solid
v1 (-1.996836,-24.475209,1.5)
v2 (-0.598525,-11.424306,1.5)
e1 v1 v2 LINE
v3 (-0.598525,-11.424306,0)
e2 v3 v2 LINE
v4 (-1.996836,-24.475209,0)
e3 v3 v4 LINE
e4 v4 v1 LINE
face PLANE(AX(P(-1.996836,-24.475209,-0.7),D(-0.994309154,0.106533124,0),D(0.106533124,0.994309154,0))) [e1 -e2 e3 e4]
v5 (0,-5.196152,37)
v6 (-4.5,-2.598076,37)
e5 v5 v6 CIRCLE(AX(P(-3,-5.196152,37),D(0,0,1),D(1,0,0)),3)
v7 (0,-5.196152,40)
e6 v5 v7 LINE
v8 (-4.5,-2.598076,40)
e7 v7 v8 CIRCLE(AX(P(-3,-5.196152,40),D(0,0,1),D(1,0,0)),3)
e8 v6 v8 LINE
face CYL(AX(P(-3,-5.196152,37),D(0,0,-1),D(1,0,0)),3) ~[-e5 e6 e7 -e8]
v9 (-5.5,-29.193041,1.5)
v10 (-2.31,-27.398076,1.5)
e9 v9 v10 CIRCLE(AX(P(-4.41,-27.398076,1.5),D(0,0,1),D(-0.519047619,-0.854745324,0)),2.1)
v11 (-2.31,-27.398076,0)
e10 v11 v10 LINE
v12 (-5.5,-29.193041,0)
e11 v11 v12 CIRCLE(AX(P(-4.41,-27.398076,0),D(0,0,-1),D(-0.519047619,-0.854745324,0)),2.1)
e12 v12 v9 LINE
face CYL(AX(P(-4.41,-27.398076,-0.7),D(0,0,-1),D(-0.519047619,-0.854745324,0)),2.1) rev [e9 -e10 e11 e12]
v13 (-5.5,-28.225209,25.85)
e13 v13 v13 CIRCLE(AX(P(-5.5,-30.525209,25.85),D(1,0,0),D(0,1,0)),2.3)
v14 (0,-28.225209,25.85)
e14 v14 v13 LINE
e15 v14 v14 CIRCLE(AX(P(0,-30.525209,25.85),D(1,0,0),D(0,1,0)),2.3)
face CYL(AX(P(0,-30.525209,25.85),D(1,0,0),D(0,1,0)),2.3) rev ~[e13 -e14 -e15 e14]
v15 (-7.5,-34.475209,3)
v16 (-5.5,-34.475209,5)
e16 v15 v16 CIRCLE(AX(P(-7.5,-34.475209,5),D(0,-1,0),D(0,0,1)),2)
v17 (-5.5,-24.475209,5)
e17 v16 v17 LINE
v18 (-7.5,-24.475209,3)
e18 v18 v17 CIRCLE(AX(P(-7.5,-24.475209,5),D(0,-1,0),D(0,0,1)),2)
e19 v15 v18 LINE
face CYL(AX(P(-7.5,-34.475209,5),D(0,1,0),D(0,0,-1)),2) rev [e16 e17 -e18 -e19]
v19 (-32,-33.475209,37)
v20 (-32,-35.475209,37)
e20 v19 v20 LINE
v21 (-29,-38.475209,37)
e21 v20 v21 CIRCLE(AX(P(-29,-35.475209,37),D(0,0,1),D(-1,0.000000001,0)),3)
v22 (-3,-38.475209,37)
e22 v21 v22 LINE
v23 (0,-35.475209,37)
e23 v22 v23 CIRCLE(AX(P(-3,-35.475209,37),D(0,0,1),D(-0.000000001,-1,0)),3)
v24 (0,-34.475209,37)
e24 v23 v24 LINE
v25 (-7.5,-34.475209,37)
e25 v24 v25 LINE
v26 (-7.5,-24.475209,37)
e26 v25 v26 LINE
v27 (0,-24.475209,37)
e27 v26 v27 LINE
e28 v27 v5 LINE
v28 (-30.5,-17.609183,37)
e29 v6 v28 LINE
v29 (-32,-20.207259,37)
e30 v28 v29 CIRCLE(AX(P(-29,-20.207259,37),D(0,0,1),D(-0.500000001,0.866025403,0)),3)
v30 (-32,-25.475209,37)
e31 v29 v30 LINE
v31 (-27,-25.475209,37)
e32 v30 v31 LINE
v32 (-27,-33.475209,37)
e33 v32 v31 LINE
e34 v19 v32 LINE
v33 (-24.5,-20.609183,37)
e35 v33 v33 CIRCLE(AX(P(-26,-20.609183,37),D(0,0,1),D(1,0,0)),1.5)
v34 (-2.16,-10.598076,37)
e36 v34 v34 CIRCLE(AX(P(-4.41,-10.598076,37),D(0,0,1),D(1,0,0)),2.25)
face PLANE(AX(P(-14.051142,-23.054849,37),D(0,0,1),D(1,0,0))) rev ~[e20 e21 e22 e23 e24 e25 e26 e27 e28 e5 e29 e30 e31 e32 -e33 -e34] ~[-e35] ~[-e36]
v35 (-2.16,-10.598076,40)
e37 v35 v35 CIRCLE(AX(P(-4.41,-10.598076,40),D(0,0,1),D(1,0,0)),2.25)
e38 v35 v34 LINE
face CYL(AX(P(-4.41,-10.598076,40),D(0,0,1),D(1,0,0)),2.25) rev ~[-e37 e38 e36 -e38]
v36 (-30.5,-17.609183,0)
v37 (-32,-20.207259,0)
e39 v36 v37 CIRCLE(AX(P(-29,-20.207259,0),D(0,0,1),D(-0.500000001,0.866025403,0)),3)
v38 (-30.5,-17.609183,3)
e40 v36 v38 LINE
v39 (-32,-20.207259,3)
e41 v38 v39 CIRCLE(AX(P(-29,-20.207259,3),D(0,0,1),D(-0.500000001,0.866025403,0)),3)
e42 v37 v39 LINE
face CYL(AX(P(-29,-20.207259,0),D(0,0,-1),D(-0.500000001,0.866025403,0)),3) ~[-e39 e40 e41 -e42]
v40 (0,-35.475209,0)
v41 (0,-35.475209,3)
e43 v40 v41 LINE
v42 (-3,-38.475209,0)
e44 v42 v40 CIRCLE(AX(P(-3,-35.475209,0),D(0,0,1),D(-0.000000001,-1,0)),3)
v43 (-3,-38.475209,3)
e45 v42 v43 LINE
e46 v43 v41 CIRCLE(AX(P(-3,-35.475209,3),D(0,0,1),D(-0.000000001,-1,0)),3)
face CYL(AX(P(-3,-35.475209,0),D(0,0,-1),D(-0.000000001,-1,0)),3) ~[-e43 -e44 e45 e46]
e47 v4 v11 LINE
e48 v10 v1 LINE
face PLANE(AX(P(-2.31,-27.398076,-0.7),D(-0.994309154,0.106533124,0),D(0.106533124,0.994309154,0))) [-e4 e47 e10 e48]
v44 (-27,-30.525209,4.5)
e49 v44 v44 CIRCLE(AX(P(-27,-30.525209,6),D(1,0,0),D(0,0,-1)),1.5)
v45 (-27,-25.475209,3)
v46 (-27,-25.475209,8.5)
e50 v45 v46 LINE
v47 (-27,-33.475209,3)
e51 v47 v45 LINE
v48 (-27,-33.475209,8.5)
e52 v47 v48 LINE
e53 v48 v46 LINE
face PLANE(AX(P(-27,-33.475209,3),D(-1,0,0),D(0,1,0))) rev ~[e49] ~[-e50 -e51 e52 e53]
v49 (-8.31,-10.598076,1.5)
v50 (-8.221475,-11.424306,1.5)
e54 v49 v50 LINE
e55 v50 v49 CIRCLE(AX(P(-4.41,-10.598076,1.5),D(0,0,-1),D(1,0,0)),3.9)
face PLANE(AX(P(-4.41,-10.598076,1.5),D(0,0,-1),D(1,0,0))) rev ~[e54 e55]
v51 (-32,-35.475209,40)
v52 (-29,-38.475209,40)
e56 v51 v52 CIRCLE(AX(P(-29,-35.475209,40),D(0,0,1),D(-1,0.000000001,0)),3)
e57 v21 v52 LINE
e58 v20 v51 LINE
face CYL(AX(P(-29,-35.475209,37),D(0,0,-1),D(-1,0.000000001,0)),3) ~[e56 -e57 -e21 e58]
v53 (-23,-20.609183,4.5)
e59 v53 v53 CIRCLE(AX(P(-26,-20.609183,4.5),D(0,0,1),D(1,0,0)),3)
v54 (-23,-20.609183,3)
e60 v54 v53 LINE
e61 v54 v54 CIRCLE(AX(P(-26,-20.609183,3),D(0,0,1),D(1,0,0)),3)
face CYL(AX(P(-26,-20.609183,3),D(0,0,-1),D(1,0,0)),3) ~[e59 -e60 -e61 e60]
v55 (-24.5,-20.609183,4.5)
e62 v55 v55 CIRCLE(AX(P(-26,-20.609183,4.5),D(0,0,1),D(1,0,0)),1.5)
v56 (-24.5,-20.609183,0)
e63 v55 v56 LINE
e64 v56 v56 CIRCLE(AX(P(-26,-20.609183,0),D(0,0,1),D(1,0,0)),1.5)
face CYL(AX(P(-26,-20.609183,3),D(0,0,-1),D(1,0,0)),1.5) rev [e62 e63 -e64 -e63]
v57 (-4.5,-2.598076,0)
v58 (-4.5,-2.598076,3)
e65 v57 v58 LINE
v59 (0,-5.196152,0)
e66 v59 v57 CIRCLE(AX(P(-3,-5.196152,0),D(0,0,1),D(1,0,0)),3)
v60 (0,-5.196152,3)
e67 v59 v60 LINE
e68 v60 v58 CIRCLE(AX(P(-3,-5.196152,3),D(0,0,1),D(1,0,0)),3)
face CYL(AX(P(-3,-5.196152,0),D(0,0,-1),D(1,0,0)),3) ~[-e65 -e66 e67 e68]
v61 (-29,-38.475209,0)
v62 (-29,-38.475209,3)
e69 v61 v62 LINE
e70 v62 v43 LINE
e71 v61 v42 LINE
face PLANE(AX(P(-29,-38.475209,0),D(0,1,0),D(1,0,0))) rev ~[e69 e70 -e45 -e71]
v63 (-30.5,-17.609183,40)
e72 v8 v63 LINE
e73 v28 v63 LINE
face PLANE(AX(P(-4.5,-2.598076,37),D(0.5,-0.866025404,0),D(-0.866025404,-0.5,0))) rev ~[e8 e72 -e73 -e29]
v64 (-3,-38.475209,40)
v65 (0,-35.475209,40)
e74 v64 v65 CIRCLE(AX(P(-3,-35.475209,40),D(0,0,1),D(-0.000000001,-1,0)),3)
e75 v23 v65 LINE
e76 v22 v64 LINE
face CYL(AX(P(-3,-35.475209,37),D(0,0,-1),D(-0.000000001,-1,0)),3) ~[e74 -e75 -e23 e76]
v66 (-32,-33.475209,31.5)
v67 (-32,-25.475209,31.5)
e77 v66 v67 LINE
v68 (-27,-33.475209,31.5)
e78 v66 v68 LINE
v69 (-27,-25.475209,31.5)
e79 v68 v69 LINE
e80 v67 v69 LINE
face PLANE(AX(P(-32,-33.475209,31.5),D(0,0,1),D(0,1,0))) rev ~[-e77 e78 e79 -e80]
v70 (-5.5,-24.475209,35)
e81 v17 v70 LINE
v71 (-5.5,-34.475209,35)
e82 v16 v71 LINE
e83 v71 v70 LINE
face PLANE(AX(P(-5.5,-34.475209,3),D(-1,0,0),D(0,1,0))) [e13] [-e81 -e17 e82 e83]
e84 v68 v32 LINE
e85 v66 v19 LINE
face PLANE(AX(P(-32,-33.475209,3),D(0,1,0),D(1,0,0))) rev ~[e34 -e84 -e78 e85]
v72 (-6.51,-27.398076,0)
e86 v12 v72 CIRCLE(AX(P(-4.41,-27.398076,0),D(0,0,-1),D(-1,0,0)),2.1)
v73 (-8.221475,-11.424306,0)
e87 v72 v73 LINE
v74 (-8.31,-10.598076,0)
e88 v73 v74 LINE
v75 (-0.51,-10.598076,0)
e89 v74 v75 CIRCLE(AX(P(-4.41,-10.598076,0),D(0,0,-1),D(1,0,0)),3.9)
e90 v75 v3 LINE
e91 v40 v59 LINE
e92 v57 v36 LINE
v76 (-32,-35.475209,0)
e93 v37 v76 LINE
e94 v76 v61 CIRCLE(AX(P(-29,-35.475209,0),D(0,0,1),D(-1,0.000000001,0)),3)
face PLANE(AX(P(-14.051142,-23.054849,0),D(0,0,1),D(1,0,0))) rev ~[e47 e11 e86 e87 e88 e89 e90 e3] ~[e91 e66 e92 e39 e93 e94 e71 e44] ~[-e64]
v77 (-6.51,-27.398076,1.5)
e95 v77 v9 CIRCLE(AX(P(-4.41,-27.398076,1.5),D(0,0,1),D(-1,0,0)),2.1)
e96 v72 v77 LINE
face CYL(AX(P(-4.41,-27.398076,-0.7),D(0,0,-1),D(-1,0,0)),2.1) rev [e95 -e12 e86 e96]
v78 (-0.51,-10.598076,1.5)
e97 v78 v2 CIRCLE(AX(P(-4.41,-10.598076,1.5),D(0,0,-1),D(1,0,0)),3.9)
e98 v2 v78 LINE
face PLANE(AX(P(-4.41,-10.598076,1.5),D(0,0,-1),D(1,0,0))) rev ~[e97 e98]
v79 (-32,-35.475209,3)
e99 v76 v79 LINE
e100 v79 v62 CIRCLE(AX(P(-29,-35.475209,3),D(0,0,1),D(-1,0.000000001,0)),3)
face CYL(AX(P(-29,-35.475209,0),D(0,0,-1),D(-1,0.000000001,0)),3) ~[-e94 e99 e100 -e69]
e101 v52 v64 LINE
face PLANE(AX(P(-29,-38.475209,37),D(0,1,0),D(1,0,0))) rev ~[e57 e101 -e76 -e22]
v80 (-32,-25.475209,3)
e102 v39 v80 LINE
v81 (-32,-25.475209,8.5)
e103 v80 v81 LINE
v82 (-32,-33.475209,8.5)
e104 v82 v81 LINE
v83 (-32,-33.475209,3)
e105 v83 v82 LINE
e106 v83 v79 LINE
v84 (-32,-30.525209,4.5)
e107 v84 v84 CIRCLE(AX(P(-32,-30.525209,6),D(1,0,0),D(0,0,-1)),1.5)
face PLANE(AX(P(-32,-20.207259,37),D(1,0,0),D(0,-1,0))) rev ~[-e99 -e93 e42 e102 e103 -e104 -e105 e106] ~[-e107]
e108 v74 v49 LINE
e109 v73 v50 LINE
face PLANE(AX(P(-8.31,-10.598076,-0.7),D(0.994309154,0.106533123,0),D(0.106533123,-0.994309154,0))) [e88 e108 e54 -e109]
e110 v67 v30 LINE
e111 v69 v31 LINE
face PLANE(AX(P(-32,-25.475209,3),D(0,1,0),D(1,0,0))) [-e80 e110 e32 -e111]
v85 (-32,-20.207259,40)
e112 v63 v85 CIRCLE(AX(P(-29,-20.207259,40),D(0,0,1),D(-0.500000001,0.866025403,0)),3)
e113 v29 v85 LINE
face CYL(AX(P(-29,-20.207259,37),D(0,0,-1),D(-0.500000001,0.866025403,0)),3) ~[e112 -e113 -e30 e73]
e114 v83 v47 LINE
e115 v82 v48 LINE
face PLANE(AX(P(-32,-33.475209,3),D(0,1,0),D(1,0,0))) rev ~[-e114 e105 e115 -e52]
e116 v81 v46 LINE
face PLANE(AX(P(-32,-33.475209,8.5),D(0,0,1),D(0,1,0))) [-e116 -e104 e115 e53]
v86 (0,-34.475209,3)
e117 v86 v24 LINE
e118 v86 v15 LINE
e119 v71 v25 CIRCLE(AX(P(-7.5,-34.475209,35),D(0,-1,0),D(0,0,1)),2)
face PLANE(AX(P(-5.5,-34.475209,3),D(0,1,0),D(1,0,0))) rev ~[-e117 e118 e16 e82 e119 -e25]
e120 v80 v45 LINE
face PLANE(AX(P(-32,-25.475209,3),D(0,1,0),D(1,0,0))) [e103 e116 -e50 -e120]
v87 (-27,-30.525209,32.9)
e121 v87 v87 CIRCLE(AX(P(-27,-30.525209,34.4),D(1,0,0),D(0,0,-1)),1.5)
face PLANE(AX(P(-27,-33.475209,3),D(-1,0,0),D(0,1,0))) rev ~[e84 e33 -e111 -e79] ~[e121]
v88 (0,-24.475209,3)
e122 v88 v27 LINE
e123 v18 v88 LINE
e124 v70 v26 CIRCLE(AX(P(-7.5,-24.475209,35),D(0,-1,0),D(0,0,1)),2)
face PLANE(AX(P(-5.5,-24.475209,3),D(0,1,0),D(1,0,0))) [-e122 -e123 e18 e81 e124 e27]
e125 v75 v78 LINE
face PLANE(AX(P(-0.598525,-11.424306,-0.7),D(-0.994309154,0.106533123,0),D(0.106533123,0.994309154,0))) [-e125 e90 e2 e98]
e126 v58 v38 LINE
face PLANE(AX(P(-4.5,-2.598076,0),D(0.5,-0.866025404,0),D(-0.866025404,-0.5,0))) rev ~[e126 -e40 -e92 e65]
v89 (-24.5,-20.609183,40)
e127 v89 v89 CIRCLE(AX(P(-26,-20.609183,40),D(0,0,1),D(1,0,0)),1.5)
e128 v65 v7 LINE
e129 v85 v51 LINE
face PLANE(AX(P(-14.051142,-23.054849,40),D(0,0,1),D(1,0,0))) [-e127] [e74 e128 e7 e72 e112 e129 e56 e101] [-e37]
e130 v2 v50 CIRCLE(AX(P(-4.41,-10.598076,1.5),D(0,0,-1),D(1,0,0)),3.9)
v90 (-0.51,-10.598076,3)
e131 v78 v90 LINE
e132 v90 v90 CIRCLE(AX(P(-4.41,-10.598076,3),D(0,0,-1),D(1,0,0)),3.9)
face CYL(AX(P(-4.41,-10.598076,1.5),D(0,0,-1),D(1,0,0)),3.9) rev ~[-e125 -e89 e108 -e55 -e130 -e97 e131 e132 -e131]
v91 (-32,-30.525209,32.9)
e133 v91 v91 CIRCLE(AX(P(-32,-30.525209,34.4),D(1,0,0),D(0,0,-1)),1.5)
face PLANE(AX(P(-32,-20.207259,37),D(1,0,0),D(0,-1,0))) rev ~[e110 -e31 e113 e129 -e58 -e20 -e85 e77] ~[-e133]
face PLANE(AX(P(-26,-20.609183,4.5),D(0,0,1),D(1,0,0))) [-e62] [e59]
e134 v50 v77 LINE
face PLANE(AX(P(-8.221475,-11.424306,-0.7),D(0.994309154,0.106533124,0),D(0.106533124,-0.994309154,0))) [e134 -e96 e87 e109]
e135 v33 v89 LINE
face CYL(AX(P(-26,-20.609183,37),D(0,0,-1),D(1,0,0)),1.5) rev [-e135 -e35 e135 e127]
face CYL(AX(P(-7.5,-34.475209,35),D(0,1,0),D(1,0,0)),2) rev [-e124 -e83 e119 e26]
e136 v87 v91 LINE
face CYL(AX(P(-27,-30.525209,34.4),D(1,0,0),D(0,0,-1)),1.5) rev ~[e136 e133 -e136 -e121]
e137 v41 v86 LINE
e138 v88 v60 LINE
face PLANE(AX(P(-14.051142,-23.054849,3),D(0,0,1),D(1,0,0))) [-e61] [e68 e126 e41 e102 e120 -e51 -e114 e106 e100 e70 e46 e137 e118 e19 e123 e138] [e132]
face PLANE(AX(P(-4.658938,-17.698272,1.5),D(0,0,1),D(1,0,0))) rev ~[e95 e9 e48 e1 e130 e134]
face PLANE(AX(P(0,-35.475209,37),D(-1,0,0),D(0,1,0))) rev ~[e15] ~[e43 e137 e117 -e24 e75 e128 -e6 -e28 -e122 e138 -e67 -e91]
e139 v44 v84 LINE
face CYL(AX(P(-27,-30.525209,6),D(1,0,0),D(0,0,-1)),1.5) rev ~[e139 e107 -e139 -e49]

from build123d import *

# Parameters (mm, degrees)
SKETCH1_R           = 1.5
BOSS_EXTRUDE1_DEPTH = 3
SKETCH2_W           = 5
SKETCH2_H           = 8
BOSS_EXTRUDE2_DEPTH = 34
LPATTERN1_COUNT     = 2
LPATTERN1_PITCH     = 37
SKETCH3_W           = 5.5
SKETCH3_H           = 10
BOSS_EXTRUDE4_DEPTH = 34
SKETCH5_W           = 23
SKETCH5_H           = 8
CUT_EXTRUDE1_DEPTH  = 10
CUT_EXTRUDE11_START = -3.7
SKETCH9_R           = 1.5
CUT_EXTRUDE11_DEPTH = 2.2
SKETCH11_R          = 3
SKETCH11_R_2        = 1.5
BOSS_EXTRUDE5_DEPTH = 1.5
SKETCH12_R          = 1.5
CUT_EXTRUDE13_DEPTH = 62.719864532
SKETCH14_R          = 3.9
CUT_EXTRUDE15_DEPTH = 10
SKETCH15_R          = 2.3
CUT_EXTRUDE16_DEPTH = 65.065136212
SKETCH16_R          = 2.25
CUT_EXTRUDE17_DEPTH = 65.065136212
FILLET1_R           = 2


with BuildPart() as part:
    # Sketch1 → Boss-Extrude1 (new body)
    with BuildSketch(Plane.XY):
        with BuildLine():
            Line((-4.5, -2.598076211), (-30.5, -17.60918321))
            ThreePointArc((-30.5, -17.60918321), (-31.598076211, -18.707259422), (-32, -20.207259422))
            Line((-32, -20.207259422), (-32, -35.475208614))
            ThreePointArc((-32, -35.475208614), (-31.121320344, -37.596528958), (-29, -38.475208614))
            Line((-29, -38.475208614), (-3, -38.475208614))
            ThreePointArc((-3, -38.475208614), (-0.878679656, -37.596528958), (0, -35.475208614))
            Line((0, -35.475208614), (0, -5.196152423))
            ThreePointArc((0, -5.196152423), (-1.5, -2.598076211), (-4.5, -2.598076211))
        make_face()
        with Locations((-26, -20.60918321)):
            Circle(SKETCH1_R, mode=Mode.SUBTRACT)
        with Locations((-4.41, -10.598076211)):
            Circle(SKETCH1_R, mode=Mode.SUBTRACT)
    boss_extrude1 = extrude(amount=BOSS_EXTRUDE1_DEPTH)

    # Sketch2 → Boss-Extrude2 (add)
    with BuildSketch(Plane.XY.offset(3)):
        with Locations((-29.5, -29.475208614)):
            Rectangle(SKETCH2_W, SKETCH2_H)
    extrude(amount=BOSS_EXTRUDE2_DEPTH)

    # LPattern1: Boss-Extrude1 ×2
    with Locations(*[(0, 0, i * LPATTERN1_PITCH) for i in range(1, LPATTERN1_COUNT)]):
        add(boss_extrude1)

    # Sketch3 → Boss-Extrude4 (add)
    with BuildSketch(Plane.XY.offset(3)):
        with Locations((-2.75, -29.475208614)):
            Rectangle(SKETCH3_W, SKETCH3_H)
    extrude(amount=BOSS_EXTRUDE4_DEPTH)

    # Sketch5 → Cut-Extrude1 (cut)
    with BuildSketch(Plane.ZY.offset(32)):
        with Locations((20, -29.475208614)):
            Rectangle(SKETCH5_W, SKETCH5_H)
    extrude(amount=-CUT_EXTRUDE1_DEPTH, mode=Mode.SUBTRACT)

    # Sketch9 → Cut-Extrude11 (cut)
    # profile 1 of 2: a face of its own
    with BuildSketch(Plane.XY.offset(3).offset(CUT_EXTRUDE11_START)):
        with BuildLine():
            Line((-8.22147541, -11.42430572), (-6.51, -27.398076211))
            ThreePointArc((-6.51, -27.398076211), (-6.240163927, -28.427882018), (-5.5, -29.193041392))
            Line((-5.5, -29.193041392), (-5.5, -24.475208614))
            Line((-5.5, -24.475208614), (-1.996835615, -24.475208614))
            Line((-1.996835615, -24.475208614), (-0.59852459, -11.42430572))
            Line((-0.59852459, -11.42430572), (-0.51, -10.598076211))
            ThreePointArc((-0.51, -10.598076211), (-4.41, -6.698076211), (-8.31, -10.598076211))
            Line((-8.31, -10.598076211), (-8.22147541, -11.42430572))
        make_face()
        with Locations((-4.41, -10.598076211)):
            Circle(SKETCH9_R, mode=Mode.SUBTRACT)
    # profile 2 of 2: a face of its own
    with BuildSketch(Plane.XY.offset(3).offset(CUT_EXTRUDE11_START)):
        with BuildLine():
            Line((-5.5, -24.475208614), (-5.5, -29.193041392))
            ThreePointArc((-5.5, -29.193041392), (-3.380194193, -29.228240138), (-2.31, -27.398076211))
            Line((-2.31, -27.398076211), (-1.996835615, -24.475208614))
            Line((-1.996835615, -24.475208614), (-5.5, -24.475208614))
        make_face()
    extrude(amount=CUT_EXTRUDE11_DEPTH, mode=Mode.SUBTRACT)

    # Sketch11 → Boss-Extrude5 (add)
    with BuildSketch(Plane.XY.offset(3)):
        with Locations((-26, -20.60918321)):
            Circle(SKETCH11_R)
        with Locations((-26, -20.60918321)):
            Circle(SKETCH11_R_2, mode=Mode.SUBTRACT)
    extrude(amount=BOSS_EXTRUDE5_DEPTH)

    # Sketch12 → Cut-Extrude13 (cut, through all)
    with BuildSketch(Plane(origin=(-27, 0, 0), x_dir=(0, 0, -1), z_dir=(1, 0, 0))):
        with Locations((-34.4, -30.525208614)):
            Circle(SKETCH12_R)
        with Locations((-6, -30.525208614)):
            Circle(SKETCH12_R)
    extrude(amount=-CUT_EXTRUDE13_DEPTH, mode=Mode.SUBTRACT)

    # Sketch14 → Cut-Extrude15 (cut)
    with BuildSketch(Plane(origin=(0, 0, 1.5), x_dir=(-1, 0, 0), z_dir=(0, 0, -1))):
        with Locations(Location((4.41, -10.598076211, 0), (0, 0, 180))):
            Circle(SKETCH14_R)
    extrude(amount=-CUT_EXTRUDE15_DEPTH, mode=Mode.SUBTRACT)

    # Sketch15 → Cut-Extrude16 (cut, through all)
    with BuildSketch(Plane(origin=(0, 0, 0), x_dir=(0, 0, -1), z_dir=(1, 0, 0))):
        with Locations(Location((-25.85, -30.525208614, 0), (0, 0, 90))):
            Circle(SKETCH15_R)
    extrude(amount=-CUT_EXTRUDE16_DEPTH, mode=Mode.SUBTRACT)

    # Sketch16 → Cut-Extrude17 (cut, through all)
    with BuildSketch(Plane.XY.offset(40)):
        with Locations((-4.41, -10.598076211)):
            Circle(SKETCH16_R)
    extrude(amount=-CUT_EXTRUDE17_DEPTH, mode=Mode.SUBTRACT)

    # Fillet1
    fillet1_edges = [part.edges().sort_by_distance(p)[0] for p in [
        (-5.5, -29.475208614, 3),
        (-5.5, -29.475208614, 37),
    ]]
    fillet(fillet1_edges, radius=FILLET1_R)


solid = part.part
